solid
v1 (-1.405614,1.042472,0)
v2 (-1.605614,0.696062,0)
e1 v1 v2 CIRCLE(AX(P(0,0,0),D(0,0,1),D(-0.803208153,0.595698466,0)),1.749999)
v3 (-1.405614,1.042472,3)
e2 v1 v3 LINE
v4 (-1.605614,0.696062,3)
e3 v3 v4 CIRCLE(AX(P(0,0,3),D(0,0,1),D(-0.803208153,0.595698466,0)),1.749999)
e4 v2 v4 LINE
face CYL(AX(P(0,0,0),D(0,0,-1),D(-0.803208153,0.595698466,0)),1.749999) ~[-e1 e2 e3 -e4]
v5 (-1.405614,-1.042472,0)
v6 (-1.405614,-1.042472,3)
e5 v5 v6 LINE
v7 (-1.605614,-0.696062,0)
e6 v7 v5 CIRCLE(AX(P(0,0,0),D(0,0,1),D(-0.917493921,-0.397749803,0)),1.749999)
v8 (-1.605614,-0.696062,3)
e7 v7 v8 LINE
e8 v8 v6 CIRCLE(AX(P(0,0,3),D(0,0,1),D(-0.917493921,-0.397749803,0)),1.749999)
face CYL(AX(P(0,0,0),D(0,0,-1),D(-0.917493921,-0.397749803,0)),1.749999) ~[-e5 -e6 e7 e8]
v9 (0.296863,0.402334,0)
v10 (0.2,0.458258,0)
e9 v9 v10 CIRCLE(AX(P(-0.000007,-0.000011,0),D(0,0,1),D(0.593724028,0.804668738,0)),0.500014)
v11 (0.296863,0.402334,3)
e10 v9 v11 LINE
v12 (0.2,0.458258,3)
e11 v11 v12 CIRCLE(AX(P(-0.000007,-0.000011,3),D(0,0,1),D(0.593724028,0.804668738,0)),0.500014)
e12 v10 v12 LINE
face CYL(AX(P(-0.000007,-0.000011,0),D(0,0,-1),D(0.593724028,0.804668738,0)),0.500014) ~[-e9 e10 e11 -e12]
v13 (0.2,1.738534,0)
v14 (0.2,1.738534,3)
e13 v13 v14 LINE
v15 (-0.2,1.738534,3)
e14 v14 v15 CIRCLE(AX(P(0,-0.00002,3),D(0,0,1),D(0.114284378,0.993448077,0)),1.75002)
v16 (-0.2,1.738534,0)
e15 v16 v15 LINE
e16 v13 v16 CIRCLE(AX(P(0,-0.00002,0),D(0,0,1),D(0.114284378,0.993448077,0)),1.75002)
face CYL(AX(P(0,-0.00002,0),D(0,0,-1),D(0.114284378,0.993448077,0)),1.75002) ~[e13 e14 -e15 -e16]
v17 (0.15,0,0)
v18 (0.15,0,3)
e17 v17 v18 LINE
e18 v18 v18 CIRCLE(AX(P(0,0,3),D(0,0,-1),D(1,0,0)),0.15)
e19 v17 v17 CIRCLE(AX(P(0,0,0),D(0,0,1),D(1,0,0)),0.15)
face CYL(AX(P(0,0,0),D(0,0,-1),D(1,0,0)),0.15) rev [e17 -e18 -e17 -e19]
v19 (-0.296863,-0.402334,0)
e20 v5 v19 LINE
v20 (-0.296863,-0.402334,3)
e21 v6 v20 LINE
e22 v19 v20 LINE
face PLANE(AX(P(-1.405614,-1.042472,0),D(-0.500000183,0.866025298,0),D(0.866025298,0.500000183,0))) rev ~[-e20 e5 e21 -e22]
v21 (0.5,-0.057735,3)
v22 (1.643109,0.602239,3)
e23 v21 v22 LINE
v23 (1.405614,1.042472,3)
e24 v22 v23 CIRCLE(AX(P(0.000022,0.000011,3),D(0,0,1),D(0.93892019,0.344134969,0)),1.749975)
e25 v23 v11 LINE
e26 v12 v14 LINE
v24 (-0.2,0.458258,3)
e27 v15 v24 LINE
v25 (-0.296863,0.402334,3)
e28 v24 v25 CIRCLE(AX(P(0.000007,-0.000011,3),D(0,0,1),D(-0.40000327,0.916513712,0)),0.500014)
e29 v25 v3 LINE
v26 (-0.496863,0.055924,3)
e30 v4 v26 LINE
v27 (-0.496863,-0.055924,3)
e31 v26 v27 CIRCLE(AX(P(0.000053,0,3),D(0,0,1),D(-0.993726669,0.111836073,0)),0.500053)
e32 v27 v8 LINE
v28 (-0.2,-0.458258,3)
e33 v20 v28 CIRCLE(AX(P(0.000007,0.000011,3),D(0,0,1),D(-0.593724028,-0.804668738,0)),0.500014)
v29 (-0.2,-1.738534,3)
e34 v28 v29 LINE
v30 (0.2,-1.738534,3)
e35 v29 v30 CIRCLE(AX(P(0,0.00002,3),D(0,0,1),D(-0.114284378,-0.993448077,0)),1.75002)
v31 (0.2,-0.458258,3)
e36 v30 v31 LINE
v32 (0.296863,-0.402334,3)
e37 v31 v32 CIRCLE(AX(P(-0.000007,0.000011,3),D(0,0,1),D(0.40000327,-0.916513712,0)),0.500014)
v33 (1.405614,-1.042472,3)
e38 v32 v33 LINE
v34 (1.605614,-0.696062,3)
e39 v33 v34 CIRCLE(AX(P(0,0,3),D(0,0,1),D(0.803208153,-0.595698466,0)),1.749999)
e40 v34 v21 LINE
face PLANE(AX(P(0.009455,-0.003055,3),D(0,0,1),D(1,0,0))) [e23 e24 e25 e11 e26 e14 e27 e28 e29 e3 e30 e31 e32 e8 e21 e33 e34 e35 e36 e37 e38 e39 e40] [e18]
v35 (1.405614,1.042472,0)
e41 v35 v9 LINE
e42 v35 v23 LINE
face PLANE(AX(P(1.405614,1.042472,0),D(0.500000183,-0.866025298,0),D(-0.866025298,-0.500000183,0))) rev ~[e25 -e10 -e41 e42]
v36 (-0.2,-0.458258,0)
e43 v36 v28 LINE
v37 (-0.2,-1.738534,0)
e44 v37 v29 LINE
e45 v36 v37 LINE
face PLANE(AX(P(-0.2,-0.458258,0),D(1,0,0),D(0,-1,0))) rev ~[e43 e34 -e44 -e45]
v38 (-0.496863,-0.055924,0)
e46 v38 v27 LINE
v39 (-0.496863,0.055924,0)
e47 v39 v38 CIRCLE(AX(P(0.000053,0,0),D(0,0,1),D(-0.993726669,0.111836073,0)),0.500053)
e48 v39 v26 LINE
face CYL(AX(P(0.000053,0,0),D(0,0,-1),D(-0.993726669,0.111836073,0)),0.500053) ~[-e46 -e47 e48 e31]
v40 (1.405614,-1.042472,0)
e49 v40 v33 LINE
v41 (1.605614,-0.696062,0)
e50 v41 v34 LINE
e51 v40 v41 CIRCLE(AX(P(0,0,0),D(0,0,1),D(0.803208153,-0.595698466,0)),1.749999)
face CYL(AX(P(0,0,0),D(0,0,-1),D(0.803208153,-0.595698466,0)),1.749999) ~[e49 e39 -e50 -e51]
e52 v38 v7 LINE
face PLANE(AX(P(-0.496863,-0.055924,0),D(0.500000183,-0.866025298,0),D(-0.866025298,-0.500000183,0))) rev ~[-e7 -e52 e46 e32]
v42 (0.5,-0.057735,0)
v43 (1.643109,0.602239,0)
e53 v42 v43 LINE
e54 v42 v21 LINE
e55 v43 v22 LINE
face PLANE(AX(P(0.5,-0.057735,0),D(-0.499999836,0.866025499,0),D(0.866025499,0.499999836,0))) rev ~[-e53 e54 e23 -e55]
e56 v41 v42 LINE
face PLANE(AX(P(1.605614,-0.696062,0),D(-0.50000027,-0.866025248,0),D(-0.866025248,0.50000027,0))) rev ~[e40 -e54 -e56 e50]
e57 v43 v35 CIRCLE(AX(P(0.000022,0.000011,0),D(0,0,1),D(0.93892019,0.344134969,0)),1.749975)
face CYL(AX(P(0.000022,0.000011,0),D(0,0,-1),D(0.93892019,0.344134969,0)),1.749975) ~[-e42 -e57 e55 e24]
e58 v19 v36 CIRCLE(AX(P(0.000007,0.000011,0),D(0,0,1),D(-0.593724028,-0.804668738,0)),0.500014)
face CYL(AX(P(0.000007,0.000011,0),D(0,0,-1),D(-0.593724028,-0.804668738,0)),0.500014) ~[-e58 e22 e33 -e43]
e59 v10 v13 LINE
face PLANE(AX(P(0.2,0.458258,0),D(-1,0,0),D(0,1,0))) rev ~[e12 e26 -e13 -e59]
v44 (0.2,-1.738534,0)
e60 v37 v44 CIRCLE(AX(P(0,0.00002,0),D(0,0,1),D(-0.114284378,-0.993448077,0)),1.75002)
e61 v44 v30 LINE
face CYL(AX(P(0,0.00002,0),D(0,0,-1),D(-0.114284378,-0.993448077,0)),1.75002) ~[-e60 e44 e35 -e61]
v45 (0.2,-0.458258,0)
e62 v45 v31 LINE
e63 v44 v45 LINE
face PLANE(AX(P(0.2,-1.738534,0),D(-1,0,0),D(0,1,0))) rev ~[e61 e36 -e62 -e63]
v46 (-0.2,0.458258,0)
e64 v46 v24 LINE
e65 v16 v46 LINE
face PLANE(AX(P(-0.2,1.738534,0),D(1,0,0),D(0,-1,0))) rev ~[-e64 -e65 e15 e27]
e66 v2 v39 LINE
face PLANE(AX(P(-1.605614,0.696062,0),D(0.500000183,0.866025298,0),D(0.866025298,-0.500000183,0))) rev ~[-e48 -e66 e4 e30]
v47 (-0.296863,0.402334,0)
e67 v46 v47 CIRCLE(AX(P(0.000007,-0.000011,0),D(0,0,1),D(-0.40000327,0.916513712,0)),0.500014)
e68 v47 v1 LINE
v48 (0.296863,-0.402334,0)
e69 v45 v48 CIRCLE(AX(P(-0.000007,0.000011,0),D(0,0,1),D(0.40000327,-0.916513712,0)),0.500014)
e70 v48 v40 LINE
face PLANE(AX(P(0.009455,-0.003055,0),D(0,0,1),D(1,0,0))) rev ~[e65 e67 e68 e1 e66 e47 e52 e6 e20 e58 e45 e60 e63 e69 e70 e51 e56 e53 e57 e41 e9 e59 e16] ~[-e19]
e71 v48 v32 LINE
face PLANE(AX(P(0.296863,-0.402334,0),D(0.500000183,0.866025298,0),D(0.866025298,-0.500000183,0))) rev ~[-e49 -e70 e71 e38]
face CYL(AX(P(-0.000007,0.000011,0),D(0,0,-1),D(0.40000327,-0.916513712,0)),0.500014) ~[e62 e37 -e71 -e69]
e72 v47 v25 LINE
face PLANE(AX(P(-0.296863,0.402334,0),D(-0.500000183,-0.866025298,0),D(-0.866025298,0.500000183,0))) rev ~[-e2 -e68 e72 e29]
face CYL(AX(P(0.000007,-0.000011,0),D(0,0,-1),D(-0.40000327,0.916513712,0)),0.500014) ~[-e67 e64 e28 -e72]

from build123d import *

# Parameters (mm, degrees)
F1_DEPTH = 3
F2_R     = 0.15
F3_DEPTH = 5


with BuildPart() as f1:
    # F0 (on Top) → F1 (new body)
    with BuildSketch(Plane.XY):
        with BuildLine():
            Line((0.2, 0.458258), (0.2, 1.738534))
            ThreePointArc((0.2, 1.738534), (0, 1.75), (-0.2, 1.738534))
            Line((-0.2, 1.738534), (-0.2, 0.458258))
            ThreePointArc((-0.2, 0.458258), (-0.25, 0.433013), (-0.296863, 0.402334))
            Line((-0.296863, 0.402334), (-1.405614, 1.042472))
            ThreePointArc((-1.405614, 1.042472), (-1.515544, 0.875), (-1.605614, 0.696062))
            Line((-1.605614, 0.696062), (-0.496863, 0.055924))
            ThreePointArc((-0.496863, 0.055924), (-0.5, 0), (-0.496863, -0.055924))
            Line((-0.496863, -0.055924), (-1.605614, -0.696062))
            ThreePointArc((-1.605614, -0.696062), (-1.515544, -0.875), (-1.405614, -1.042472))
            Line((-1.405614, -1.042472), (-0.296863, -0.402334))
            ThreePointArc((-0.296863, -0.402334), (-0.25, -0.433013), (-0.2, -0.458258))
            Line((-0.2, -0.458258), (-0.2, -1.738534))
            ThreePointArc((-0.2, -1.738534), (0, -1.75), (0.2, -1.738534))
            Line((0.2, -1.738534), (0.2, -0.458258))
            ThreePointArc((0.2, -0.458258), (0.25, -0.433013), (0.296863, -0.402334))
            Line((0.296863, -0.402334), (1.405614, -1.042472))
            ThreePointArc((1.405614, -1.042472), (1.515544, -0.875), (1.605614, -0.696062))
            Line((1.605614, -0.696062), (0.5, -0.057735))
            Line((0.5, -0.057735), (1.643109, 0.602239))
            ThreePointArc((1.643109, 0.602239), (1.540172, 0.830885), (1.405614, 1.042472))
            Line((1.405614, 1.042472), (0.296863, 0.402334))
            ThreePointArc((0.296863, 0.402334), (0.25, 0.433013), (0.2, 0.458258))
        make_face()
    extrude(amount=F1_DEPTH)

    # F2 (on Top) → F3 (cut)
    with BuildSketch(Plane.XY):
        Circle(F2_R)
    extrude(amount=F3_DEPTH, mode=Mode.SUBTRACT)


solid = f1.part
